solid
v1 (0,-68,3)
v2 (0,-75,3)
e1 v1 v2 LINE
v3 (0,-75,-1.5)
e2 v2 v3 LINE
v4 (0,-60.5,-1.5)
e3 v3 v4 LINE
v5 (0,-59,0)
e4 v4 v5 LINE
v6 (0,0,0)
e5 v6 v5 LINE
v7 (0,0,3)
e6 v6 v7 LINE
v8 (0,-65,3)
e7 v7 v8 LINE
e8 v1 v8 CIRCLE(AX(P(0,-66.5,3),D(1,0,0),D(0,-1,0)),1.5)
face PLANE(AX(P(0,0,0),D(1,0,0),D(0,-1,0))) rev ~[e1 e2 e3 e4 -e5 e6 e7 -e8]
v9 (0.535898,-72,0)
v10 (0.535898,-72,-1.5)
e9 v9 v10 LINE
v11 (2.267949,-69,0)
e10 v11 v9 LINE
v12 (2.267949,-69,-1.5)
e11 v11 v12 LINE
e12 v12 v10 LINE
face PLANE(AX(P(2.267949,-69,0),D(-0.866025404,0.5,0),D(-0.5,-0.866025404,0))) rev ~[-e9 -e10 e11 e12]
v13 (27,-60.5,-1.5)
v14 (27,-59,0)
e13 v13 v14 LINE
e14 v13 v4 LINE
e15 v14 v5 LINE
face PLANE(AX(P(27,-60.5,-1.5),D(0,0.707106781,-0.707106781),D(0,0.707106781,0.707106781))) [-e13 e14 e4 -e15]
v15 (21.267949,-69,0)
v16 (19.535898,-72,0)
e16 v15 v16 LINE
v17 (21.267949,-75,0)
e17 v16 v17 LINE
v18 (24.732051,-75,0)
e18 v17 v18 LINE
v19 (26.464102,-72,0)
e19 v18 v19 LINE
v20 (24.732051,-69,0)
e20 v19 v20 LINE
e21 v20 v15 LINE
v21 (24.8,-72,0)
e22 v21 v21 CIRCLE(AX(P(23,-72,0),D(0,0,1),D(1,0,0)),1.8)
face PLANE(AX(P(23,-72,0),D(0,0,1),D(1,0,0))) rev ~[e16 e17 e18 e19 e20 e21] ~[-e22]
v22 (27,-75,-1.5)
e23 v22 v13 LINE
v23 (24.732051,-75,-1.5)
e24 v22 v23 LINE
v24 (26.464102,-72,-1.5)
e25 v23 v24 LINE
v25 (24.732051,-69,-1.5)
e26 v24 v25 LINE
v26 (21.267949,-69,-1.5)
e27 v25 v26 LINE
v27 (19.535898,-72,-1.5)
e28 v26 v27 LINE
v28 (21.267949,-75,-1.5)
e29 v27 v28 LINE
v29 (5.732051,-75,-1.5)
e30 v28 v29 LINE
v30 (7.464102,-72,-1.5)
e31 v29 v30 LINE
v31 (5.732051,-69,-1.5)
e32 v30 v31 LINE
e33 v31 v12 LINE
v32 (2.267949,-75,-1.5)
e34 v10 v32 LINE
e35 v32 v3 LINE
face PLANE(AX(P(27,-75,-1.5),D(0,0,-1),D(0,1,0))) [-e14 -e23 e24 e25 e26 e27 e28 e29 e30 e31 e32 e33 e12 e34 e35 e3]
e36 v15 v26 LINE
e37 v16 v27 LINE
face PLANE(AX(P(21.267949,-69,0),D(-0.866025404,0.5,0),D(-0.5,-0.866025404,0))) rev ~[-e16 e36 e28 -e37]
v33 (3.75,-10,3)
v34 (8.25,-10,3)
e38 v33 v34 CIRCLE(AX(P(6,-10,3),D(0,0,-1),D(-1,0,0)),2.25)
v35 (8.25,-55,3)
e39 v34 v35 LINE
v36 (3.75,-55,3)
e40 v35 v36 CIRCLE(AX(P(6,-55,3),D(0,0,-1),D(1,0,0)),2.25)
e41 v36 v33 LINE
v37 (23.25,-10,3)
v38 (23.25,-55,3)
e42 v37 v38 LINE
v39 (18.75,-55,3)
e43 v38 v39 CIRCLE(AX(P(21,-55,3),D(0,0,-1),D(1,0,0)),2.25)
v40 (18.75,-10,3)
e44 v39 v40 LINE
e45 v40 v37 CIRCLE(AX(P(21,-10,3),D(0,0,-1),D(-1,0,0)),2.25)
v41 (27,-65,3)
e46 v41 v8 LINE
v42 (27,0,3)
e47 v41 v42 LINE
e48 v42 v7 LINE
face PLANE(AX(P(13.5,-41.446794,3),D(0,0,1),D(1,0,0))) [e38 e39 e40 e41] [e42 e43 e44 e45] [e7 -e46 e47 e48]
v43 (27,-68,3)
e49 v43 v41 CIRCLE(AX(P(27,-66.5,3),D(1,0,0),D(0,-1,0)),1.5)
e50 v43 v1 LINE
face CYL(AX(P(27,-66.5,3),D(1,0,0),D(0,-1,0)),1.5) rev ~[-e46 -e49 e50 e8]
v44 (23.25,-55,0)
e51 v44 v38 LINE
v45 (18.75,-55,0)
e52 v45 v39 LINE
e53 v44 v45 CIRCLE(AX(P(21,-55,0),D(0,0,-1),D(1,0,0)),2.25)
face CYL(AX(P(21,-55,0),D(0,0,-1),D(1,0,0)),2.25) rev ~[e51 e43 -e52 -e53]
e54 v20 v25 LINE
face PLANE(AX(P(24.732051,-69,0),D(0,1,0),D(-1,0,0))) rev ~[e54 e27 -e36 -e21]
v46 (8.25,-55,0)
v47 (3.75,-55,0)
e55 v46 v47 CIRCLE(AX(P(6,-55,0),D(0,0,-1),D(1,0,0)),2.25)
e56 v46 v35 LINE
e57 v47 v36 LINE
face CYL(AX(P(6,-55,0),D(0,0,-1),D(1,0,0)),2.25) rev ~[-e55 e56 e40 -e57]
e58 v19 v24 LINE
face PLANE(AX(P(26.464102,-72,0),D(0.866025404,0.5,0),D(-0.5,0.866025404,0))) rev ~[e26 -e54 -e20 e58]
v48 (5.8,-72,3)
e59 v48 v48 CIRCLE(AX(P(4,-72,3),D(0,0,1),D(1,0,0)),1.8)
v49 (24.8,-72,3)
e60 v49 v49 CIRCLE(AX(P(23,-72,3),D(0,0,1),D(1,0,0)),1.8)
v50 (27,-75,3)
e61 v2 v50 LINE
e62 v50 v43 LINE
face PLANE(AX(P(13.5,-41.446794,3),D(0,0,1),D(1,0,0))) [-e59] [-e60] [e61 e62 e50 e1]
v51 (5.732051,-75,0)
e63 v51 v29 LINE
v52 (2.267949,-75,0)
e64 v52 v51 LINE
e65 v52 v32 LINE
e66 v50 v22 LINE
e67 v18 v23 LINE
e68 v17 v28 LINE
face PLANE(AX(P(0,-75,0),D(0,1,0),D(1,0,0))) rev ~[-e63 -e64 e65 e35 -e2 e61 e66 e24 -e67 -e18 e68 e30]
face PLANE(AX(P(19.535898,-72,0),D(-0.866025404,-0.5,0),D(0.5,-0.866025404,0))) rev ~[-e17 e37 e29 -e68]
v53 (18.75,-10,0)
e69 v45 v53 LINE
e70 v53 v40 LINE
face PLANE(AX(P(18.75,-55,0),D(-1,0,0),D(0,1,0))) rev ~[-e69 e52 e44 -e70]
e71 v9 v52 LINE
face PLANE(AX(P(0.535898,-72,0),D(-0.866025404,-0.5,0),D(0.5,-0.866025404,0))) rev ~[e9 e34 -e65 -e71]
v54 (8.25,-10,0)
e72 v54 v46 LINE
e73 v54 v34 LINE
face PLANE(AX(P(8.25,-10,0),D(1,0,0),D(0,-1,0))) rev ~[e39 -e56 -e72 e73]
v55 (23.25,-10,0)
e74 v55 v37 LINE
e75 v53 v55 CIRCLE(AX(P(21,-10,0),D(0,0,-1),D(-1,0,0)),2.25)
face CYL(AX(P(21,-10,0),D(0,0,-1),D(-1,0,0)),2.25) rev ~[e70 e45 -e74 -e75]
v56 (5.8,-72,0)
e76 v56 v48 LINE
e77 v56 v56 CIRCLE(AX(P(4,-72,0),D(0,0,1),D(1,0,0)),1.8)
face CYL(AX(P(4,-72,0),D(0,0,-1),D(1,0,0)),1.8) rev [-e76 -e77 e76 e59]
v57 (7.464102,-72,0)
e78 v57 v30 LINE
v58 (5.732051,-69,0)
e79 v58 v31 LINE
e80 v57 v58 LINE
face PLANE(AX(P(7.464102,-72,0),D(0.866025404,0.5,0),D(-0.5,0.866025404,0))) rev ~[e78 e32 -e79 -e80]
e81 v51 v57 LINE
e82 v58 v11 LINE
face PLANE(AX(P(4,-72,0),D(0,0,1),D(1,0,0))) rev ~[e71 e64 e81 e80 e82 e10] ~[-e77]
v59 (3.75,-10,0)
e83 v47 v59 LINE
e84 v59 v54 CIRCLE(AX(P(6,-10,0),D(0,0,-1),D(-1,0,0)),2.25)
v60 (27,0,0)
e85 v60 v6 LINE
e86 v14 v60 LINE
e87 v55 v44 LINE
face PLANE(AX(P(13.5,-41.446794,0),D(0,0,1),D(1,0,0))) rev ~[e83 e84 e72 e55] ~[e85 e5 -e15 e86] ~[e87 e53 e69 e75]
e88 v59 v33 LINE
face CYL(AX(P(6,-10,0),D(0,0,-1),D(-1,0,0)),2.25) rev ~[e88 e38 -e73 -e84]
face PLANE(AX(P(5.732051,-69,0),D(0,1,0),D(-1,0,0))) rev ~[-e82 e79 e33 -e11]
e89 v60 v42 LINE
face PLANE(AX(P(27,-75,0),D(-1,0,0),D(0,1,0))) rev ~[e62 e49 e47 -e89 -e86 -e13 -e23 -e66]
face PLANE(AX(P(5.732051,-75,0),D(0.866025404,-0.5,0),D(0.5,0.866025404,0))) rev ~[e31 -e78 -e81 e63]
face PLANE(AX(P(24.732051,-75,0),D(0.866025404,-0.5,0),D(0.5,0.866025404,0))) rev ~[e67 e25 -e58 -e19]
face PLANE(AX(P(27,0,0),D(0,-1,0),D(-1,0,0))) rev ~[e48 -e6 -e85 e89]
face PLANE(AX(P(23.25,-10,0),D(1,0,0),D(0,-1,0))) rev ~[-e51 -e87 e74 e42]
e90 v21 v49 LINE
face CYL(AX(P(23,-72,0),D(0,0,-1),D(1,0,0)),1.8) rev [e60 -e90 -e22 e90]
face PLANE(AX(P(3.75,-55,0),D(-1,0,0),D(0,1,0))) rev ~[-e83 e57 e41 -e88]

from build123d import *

# Parameters (mm, degrees)
F0_R     = 1.8
F1_DEPTH = 3
F3_DEPTH = 27
F4_DEPTH = 27
F5_DEPTH = 1.5


with BuildPart() as f1:
    # F0 (on Top) → F1 (new body)
    with BuildSketch(Plane.XY):
        Polygon((27, 0), (0, 0), (0, -75), (2.2679491924, -75), (0.5358983849, -72), (2.2679491924, -69), (5.7320508076, -69), (7.4641016151, -72), (5.7320508076, -75), (21.2679491924, -75), (19.5358983849, -72), (21.2679491924, -69), (24.7320508076, -69), (26.4641016151, -72), (24.7320508076, -75), (27, -75), align=None)
        with BuildLine():
            Line((3.75, -55), (3.75, -10))
            ThreePointArc((3.75, -10), (6, -7.75), (8.25, -10))
            Line((8.25, -10), (8.25, -55))
            ThreePointArc((8.25, -55), (6, -57.25), (3.75, -55))
        make_face(mode=Mode.SUBTRACT)
        with BuildLine():
            Line((18.75, -55), (18.75, -10))
            ThreePointArc((18.75, -10), (21, -7.75), (23.25, -10))
            Line((23.25, -10), (23.25, -55))
            ThreePointArc((23.25, -55), (21, -57.25), (18.75, -55))
        make_face(mode=Mode.SUBTRACT)
        Polygon((21.2679491924, -75), (24.7320508076, -75), (26.4641016151, -72), (24.7320508076, -69), (21.2679491924, -69), (19.5358983849, -72), align=None)
        with Locations((23, -72)):
            Circle(F0_R, mode=Mode.SUBTRACT)
        Polygon((0.5358983849, -72), (2.2679491924, -75), (5.7320508076, -75), (7.4641016151, -72), (5.7320508076, -69), (2.2679491924, -69), align=None)
        with Locations((4, -72)):
            Circle(F0_R, mode=Mode.SUBTRACT)
    extrude(amount=F1_DEPTH)

    # F2 (on face) → F3 (cut, through all)
    with BuildSketch(Plane.YZ.offset(27)):
        with BuildLine():
            Line((-65, 3), (-68, 3))
            ThreePointArc((-68, 3), (-66.5, 1.5), (-65, 3))
        make_face()
    extrude(amount=-F3_DEPTH, mode=Mode.SUBTRACT)

    # F2 (on face) → F4 (join, through all)
    with BuildSketch(Plane.YZ.offset(27)):
        Polygon((-59, 0), (-75, 0), (-75, -1.5), (-60.5, -1.5), align=None)
    extrude(amount=-F4_DEPTH)

    # F0 (on Top) → F5 (cut, through all)
    with BuildSketch(Plane.XY):
        Polygon((0.5358983849, -72), (2.2679491924, -75), (5.7320508076, -75), (7.4641016151, -72), (5.7320508076, -69), (2.2679491924, -69), align=None)
        with Locations((4, -72)):
            Circle(F0_R, mode=Mode.SUBTRACT)
        Polygon((21.2679491924, -75), (24.7320508076, -75), (26.4641016151, -72), (24.7320508076, -69), (21.2679491924, -69), (19.5358983849, -72), align=None)
        with Locations((23, -72)):
            Circle(F0_R, mode=Mode.SUBTRACT)
        with Locations((4, -72)):
            Circle(F0_R)
        with Locations((23, -72)):
            Circle(F0_R)
    extrude(amount=-F5_DEPTH, mode=Mode.SUBTRACT)


solid = f1.part
